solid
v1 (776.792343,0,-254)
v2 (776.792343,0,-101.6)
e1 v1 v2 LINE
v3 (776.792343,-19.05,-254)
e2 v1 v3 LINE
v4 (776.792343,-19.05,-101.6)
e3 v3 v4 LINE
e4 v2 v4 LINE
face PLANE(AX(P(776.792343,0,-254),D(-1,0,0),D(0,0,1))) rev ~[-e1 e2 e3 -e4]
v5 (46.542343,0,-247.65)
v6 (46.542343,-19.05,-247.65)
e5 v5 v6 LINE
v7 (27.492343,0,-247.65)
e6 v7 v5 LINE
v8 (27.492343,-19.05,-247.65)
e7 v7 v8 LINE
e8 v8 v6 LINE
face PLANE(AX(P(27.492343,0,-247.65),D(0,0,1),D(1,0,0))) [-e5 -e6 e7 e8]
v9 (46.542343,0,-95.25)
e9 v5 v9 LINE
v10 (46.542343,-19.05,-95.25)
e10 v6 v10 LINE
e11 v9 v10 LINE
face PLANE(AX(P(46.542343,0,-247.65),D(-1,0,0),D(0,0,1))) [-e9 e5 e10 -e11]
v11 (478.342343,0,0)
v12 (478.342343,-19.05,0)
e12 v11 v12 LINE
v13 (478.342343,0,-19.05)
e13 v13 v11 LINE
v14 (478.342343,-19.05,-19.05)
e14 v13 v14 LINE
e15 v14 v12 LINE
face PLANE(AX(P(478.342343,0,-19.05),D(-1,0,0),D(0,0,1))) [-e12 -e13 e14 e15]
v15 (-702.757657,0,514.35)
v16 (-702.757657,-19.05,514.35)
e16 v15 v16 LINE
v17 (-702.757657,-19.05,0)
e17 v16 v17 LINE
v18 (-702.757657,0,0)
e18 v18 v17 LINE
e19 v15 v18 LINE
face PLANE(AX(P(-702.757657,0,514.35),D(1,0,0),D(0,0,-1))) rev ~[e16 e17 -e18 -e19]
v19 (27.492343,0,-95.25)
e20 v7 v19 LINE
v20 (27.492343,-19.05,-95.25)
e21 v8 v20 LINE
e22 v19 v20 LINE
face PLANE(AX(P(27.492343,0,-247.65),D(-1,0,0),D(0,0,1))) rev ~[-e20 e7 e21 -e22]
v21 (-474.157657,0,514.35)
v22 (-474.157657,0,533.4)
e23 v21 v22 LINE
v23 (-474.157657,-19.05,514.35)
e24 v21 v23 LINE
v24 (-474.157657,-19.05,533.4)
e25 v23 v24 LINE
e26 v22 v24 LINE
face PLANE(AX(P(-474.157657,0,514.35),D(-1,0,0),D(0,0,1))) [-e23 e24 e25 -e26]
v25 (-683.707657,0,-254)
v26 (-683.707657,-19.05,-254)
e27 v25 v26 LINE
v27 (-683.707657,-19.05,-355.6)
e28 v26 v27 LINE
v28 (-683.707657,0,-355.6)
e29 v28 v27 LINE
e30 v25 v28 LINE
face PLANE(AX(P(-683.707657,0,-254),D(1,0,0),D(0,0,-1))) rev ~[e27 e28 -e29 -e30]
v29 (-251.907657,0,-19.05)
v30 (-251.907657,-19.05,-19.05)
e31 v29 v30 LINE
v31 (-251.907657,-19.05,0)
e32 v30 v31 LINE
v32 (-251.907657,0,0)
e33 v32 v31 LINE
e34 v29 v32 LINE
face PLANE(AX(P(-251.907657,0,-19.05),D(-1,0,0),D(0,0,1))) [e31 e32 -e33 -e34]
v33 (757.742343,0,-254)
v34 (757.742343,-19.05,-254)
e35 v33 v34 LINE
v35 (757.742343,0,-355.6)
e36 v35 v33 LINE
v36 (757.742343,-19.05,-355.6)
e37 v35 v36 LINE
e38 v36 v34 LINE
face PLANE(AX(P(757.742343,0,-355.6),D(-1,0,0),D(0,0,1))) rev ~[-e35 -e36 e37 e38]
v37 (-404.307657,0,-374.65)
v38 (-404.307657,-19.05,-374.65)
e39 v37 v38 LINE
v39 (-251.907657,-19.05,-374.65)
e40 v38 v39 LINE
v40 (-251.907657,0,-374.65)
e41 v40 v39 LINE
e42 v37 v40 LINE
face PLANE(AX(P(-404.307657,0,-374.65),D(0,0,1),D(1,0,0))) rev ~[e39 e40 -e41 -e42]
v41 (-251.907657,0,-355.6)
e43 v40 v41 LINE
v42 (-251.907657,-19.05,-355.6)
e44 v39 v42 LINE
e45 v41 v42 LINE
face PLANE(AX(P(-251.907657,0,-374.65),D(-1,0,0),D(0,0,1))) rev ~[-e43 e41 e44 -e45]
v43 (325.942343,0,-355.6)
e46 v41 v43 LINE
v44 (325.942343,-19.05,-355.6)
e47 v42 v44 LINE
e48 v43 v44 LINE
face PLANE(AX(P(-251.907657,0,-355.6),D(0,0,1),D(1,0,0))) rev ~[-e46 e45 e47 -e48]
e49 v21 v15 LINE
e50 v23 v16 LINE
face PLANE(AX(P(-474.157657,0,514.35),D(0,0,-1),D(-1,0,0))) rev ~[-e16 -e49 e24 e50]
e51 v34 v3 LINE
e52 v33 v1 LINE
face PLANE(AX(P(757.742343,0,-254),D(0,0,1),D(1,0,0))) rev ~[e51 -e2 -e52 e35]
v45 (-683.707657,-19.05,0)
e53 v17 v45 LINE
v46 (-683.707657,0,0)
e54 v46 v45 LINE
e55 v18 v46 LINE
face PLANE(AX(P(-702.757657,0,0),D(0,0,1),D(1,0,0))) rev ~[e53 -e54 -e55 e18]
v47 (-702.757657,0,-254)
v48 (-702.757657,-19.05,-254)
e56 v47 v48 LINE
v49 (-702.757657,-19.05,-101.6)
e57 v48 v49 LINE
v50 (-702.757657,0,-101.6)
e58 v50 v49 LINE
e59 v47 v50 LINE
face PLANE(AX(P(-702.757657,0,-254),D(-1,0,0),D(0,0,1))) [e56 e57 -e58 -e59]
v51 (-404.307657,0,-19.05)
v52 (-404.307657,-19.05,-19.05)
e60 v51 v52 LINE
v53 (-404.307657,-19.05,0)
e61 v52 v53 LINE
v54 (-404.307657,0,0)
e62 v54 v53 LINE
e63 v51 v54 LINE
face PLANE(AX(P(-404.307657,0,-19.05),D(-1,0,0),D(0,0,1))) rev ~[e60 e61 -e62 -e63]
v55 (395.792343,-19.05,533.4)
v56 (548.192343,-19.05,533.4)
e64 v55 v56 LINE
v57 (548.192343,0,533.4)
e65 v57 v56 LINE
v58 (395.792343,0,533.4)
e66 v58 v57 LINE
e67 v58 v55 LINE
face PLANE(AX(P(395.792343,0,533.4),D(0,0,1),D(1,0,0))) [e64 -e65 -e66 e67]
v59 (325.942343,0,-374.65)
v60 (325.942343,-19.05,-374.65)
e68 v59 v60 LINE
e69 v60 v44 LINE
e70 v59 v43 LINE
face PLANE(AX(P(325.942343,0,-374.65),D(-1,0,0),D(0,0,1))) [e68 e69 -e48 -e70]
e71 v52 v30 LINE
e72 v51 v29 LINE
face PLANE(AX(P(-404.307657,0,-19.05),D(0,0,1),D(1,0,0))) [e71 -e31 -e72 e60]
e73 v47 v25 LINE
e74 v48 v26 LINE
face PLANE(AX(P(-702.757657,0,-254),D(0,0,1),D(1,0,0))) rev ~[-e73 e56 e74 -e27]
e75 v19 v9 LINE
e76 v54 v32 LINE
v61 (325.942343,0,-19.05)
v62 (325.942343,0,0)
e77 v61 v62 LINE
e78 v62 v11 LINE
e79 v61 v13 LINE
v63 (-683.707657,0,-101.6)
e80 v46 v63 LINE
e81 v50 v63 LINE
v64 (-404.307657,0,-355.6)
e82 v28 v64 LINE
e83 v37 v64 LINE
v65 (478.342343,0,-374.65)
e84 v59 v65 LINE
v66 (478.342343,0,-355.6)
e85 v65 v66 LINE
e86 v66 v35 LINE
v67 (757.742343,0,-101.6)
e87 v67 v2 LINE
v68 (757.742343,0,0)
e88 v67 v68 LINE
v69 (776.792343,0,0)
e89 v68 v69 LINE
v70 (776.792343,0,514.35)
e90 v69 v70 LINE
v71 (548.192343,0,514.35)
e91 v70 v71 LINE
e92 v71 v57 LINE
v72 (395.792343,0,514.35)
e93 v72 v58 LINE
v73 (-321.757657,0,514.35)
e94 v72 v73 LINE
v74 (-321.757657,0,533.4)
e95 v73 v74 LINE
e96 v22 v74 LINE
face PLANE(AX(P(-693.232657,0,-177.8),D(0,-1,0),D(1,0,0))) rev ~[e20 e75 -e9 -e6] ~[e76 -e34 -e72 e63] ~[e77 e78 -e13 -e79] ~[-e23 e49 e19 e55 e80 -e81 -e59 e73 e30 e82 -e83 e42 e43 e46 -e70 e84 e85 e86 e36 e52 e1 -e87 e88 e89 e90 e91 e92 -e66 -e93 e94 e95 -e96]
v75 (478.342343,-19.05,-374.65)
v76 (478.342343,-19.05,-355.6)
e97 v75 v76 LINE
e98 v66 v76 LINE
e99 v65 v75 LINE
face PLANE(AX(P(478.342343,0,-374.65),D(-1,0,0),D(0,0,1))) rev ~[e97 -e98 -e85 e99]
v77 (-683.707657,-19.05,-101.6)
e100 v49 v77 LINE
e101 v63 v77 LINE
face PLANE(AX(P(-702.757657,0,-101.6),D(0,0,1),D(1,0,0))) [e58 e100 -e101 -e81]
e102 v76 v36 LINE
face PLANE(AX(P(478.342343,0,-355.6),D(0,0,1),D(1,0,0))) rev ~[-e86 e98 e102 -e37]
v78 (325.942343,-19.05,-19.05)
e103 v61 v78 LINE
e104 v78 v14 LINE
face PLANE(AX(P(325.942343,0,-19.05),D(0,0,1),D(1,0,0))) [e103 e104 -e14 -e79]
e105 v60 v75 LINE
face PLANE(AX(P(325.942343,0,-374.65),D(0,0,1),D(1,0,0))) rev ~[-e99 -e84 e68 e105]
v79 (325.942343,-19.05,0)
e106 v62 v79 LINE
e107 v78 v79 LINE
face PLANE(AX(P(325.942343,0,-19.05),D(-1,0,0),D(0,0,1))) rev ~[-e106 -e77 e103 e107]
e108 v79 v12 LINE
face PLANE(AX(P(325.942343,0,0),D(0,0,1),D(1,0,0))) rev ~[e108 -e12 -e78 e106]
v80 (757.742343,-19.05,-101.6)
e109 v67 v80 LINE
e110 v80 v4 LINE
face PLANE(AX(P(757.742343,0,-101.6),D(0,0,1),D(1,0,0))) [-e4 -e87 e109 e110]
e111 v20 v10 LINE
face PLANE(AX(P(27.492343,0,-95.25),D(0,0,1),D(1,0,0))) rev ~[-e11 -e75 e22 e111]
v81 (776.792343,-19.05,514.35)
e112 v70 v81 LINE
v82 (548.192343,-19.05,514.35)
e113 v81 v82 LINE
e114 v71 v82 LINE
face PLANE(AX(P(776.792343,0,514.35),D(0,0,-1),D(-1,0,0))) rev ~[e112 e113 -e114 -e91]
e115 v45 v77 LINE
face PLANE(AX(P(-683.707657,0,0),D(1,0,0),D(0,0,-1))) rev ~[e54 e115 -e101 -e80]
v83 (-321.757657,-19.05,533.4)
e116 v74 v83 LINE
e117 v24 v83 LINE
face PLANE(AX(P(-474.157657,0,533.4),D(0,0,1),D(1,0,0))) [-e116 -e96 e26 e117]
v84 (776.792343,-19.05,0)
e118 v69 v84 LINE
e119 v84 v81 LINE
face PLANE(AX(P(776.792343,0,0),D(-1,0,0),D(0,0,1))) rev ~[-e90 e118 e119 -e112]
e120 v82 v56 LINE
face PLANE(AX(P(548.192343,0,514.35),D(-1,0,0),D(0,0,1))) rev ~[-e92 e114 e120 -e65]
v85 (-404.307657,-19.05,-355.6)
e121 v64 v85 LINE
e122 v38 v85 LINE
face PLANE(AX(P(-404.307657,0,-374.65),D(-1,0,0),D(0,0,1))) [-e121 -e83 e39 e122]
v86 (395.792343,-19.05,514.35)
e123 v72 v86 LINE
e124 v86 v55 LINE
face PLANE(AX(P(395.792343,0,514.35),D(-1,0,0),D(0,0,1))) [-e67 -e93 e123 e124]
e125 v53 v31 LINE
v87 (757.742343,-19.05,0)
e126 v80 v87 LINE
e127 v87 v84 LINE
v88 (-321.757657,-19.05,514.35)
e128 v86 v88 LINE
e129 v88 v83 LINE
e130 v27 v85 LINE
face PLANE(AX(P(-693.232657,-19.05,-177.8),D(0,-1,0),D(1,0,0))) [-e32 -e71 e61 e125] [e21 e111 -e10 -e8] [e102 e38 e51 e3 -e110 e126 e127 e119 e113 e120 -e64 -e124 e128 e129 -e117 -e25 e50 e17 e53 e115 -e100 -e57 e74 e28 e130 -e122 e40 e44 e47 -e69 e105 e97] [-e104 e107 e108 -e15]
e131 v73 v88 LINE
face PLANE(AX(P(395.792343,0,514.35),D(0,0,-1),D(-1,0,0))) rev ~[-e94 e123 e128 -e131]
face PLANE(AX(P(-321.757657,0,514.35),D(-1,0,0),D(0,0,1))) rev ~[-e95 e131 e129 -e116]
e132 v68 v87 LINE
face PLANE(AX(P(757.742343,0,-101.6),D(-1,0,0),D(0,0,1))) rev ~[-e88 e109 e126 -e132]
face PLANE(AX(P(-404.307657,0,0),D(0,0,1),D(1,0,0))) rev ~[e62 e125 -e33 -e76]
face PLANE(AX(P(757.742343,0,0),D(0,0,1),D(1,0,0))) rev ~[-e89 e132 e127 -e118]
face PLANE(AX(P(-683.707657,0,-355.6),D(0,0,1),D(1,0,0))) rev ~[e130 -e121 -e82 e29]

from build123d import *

# Parameters (mm, degrees)
F0_W     = 19.05
F0_H     = 152.4
F0_W_2   = 152.4
F0_H_2   = 19.05
F1_DEPTH = 19.05


with BuildPart() as f1:
    # F0 (on Front) → F1 (new body)
    with BuildSketch(Plane.XZ):
        with Locations((-693.232657, -177.8)):
            Rectangle(F0_W, F0_H)
        with Locations((767.267343, -177.8)):
            Rectangle(F0_W, F0_H)
        with Locations((-328.107657, -365.125)):
            Rectangle(F0_W_2, F0_H_2)
        with Locations((402.142343, -365.125)):
            Rectangle(F0_W_2, F0_H_2)
        Polygon((-683.707657, -254), (-683.707657, -355.6), (-404.307657, -355.6), (-251.907657, -355.6), (325.942343, -355.6), (478.342343, -355.6), (757.742343, -355.6), (757.742343, -254), (757.742343, -101.6), (757.742343, 0), (776.792343, 0), (776.792343, 514.35), (548.192343, 514.35), (395.792343, 514.35), (-321.757657, 514.35), (-474.157657, 514.35), (-702.757657, 514.35), (-702.757657, 0), (-683.707657, 0), (-683.707657, -101.6), align=None)
        with Locations((37.017343, -171.45)):
            Rectangle(F0_W, F0_H, mode=Mode.SUBTRACT)
        with Locations((-328.107657, -9.525)):
            Rectangle(F0_W_2, F0_H_2, mode=Mode.SUBTRACT)
        with Locations((402.142343, -9.525)):
            Rectangle(F0_W_2, F0_H_2, mode=Mode.SUBTRACT)
        with Locations((-397.957657, 523.875)):
            Rectangle(F0_W_2, F0_H_2)
        with Locations((471.992343, 523.875)):
            Rectangle(F0_W_2, F0_H_2)
    extrude(amount=F1_DEPTH)


solid = f1.part
